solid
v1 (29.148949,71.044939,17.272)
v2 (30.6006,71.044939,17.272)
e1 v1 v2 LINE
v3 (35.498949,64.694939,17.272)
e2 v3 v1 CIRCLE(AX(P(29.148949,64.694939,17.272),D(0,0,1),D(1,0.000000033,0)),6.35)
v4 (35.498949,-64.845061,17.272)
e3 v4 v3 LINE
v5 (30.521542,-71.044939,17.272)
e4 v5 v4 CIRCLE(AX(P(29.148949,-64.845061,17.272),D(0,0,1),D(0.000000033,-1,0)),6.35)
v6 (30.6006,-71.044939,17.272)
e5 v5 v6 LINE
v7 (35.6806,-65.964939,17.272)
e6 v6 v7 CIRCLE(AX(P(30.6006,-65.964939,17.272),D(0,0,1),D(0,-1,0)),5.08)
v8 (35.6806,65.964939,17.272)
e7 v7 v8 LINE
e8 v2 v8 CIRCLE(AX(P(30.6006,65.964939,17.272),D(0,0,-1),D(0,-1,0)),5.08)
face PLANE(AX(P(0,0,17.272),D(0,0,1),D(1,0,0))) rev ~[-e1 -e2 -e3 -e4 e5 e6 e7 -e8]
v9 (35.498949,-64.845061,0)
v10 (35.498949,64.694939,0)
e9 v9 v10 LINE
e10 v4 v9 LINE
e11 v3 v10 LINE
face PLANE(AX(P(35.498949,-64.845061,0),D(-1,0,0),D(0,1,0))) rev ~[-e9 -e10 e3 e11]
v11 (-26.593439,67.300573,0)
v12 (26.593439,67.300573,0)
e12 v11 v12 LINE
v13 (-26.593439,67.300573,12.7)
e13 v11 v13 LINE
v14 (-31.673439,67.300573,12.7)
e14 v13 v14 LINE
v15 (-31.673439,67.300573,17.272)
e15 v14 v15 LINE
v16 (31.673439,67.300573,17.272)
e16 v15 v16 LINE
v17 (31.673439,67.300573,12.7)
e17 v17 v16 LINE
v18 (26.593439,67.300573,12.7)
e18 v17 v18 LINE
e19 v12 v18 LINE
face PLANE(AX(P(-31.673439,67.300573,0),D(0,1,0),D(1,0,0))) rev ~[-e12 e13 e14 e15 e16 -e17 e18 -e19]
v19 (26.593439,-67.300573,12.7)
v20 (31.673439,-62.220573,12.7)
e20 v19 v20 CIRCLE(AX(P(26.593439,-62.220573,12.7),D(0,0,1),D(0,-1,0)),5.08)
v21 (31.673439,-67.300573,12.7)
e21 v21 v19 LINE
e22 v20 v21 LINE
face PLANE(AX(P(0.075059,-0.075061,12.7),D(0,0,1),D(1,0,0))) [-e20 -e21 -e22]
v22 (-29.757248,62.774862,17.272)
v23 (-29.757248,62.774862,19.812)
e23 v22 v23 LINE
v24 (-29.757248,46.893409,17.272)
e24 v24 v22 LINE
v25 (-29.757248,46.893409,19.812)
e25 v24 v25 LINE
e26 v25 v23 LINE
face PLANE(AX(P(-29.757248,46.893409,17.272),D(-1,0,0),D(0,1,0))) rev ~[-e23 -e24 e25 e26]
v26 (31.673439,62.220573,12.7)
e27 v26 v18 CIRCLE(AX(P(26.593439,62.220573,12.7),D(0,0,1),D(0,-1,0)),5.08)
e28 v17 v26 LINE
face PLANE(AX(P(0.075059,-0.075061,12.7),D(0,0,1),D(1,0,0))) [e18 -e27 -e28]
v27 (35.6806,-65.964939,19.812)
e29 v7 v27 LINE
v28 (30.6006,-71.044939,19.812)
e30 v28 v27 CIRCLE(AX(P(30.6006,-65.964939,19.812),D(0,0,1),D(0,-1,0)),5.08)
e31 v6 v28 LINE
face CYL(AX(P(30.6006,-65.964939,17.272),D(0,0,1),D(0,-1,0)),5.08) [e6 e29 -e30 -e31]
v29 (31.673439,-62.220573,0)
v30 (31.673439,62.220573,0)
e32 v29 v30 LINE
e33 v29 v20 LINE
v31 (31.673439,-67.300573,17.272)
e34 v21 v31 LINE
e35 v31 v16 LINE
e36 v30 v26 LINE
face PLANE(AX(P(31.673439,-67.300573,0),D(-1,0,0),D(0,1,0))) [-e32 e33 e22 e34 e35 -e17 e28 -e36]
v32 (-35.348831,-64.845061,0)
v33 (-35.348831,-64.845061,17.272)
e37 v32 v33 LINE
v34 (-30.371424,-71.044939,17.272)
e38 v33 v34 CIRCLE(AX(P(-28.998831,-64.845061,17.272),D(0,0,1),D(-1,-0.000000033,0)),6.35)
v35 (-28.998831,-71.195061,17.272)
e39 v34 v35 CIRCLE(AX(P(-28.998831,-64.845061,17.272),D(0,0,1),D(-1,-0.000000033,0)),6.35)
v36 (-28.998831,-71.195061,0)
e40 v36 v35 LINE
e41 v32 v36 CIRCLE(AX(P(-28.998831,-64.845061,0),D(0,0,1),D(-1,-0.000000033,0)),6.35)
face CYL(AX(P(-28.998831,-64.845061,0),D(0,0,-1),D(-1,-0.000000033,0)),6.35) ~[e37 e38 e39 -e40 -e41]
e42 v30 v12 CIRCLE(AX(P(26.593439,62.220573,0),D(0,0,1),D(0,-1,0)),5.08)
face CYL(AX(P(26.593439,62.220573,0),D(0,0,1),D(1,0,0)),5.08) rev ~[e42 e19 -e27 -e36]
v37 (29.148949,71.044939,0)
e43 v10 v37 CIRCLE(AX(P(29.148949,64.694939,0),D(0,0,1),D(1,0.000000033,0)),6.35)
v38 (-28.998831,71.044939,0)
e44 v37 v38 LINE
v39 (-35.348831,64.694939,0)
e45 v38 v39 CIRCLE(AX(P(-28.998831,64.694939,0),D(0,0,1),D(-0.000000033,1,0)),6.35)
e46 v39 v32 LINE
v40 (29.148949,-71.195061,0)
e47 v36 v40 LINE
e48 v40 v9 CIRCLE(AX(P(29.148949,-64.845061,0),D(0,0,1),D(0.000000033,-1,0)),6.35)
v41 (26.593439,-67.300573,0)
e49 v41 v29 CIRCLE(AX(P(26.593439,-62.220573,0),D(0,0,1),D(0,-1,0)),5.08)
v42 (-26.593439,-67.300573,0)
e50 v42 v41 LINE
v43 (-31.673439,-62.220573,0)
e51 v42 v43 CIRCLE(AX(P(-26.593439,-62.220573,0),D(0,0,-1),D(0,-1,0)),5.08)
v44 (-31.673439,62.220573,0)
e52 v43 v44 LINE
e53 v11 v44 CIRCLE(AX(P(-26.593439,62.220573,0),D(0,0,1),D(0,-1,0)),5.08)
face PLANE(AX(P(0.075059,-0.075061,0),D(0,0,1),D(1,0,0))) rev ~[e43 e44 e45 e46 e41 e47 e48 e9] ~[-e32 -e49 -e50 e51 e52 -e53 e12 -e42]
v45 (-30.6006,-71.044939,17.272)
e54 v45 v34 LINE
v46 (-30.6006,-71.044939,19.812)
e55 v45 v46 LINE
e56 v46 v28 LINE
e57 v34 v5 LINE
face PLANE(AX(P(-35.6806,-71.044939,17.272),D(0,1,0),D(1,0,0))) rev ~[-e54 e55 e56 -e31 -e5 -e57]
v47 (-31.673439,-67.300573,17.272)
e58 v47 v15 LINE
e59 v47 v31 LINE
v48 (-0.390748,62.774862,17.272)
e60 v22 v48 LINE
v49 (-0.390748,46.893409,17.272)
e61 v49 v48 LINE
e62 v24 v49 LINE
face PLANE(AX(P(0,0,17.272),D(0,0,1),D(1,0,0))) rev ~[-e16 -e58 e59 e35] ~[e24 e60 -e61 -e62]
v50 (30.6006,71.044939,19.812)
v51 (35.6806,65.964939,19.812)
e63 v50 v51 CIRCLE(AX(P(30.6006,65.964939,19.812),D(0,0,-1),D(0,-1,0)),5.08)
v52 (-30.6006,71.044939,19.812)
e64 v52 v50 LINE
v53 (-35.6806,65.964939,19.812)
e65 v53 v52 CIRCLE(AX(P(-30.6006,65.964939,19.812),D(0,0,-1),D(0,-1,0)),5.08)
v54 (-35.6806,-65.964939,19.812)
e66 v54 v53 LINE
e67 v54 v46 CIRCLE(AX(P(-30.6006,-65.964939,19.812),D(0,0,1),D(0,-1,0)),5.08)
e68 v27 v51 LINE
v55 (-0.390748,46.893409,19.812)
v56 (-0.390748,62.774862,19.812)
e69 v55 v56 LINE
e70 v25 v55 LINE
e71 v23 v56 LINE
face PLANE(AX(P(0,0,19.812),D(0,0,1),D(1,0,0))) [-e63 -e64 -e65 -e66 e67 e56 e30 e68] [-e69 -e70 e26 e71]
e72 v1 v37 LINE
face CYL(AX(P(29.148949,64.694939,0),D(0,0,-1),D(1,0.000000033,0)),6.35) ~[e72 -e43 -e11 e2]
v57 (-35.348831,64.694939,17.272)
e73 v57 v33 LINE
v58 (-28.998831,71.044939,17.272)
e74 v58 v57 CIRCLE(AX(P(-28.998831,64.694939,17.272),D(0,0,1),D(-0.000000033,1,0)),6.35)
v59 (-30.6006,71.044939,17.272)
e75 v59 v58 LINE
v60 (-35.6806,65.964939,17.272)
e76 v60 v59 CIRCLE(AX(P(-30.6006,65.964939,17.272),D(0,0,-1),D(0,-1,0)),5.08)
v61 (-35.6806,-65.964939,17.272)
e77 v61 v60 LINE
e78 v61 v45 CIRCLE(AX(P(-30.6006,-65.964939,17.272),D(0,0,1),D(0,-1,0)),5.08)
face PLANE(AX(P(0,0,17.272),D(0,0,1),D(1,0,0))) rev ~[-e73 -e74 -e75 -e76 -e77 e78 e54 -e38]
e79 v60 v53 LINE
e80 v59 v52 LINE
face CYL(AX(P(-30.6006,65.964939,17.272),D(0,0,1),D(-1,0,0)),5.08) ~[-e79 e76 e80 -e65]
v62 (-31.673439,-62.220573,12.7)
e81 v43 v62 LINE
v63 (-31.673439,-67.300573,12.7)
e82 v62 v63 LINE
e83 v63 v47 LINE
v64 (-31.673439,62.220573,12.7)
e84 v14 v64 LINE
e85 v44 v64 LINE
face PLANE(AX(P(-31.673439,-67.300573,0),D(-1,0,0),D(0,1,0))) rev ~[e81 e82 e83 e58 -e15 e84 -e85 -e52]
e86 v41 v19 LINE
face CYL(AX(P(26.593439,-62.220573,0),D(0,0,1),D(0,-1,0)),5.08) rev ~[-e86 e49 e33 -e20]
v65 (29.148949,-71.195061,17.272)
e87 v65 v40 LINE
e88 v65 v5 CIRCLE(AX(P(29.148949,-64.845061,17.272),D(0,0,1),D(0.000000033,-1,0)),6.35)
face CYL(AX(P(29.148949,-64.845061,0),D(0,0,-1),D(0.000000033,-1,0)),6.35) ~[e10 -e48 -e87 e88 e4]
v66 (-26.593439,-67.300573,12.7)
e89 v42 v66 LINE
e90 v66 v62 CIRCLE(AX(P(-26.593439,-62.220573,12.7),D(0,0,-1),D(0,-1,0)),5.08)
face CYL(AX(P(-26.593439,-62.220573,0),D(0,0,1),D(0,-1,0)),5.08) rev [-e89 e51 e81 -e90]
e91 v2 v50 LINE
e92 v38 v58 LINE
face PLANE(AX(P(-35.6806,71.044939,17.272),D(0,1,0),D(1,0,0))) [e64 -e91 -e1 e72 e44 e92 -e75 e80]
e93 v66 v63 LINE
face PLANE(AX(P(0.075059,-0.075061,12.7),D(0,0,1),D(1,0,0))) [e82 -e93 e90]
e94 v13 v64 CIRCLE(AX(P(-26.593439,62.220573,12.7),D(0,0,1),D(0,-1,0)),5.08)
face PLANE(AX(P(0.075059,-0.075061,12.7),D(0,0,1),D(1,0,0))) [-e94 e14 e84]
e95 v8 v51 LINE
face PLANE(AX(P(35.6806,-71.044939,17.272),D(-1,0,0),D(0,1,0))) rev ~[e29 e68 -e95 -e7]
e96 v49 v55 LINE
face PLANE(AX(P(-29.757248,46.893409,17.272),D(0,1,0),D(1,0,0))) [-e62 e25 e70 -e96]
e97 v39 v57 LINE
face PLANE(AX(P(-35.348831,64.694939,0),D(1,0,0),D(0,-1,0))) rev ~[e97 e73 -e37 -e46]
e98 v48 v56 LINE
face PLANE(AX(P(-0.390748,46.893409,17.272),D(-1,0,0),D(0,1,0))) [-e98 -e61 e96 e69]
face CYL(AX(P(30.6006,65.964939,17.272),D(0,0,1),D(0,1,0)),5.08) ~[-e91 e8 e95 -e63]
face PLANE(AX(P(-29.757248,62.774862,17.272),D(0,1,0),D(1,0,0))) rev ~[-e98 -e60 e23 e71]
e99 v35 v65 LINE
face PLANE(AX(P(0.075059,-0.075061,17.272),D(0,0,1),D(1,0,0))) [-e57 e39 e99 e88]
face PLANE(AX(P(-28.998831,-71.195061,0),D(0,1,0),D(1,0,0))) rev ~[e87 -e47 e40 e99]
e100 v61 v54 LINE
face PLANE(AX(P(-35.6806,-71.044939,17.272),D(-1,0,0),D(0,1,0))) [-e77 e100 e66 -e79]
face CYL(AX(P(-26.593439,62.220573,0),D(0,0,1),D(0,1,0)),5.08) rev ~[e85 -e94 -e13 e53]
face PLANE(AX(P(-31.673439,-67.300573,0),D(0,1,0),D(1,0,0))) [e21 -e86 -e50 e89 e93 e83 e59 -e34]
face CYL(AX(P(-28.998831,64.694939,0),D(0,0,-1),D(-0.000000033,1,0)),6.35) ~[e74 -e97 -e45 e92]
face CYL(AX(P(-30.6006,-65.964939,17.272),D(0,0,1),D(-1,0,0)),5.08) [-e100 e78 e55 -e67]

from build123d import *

# Parameters (mm, degrees)
F0_W     = 63.346878
F0_H     = 134.601146
F1_DEPTH = 12.7
F2_R     = 5.08
F3_DEPTH = 17.272
F4_W     = 71.3612
F4_H     = 142.089878
F4_W_2   = 29.3665
F4_H_2   = 15.881453
F5_DEPTH = 2.54
F6_R     = 5.08


with BuildPart() as f1:
    # F0 (on Top) → F1 (new body)
    with BuildSketch(Plane.XY):
        with BuildLine():
            Line((29.148949, 71.044939), (-28.998831, 71.044939))
            ThreePointArc((-28.998831, 71.044939), (-33.488959, 69.185067), (-35.348831, 64.694939))
            Line((-35.348831, 64.694939), (-35.348831, -64.845061))
            ThreePointArc((-35.348831, -64.845061), (-33.488959, -69.335189), (-28.998831, -71.195061))
            Line((-28.998831, -71.195061), (29.148949, -71.195061))
            ThreePointArc((29.148949, -71.195061), (33.639077, -69.335189), (35.498949, -64.845061))
            Line((35.498949, -64.845061), (35.498949, 64.694939))
            ThreePointArc((35.498949, 64.694939), (33.639077, 69.185067), (29.148949, 71.044939))
        make_face()
        Rectangle(F0_W, F0_H, mode=Mode.SUBTRACT)
    extrude(amount=F1_DEPTH)

    # F2
    f2_edges = [f1.edges().sort_by_distance(p)[0] for p in [
        (-31.673439, 67.300573, 6.35),
        (31.673439, 67.300573, 6.35),
        (31.673439, -67.300573, 6.35),
        (-31.673439, -67.300573, 6.35),
    ]]
    fillet(f2_edges, radius=F2_R)

    # F0 (on Top) → F3 (join)
    with BuildSketch(Plane.XY):
        with BuildLine():
            Line((29.148949, 71.044939), (-28.998831, 71.044939))
            ThreePointArc((-28.998831, 71.044939), (-33.488959, 69.185067), (-35.348831, 64.694939))
            Line((-35.348831, 64.694939), (-35.348831, -64.845061))
            ThreePointArc((-35.348831, -64.845061), (-33.488959, -69.335189), (-28.998831, -71.195061))
            Line((-28.998831, -71.195061), (29.148949, -71.195061))
            ThreePointArc((29.148949, -71.195061), (33.639077, -69.335189), (35.498949, -64.845061))
            Line((35.498949, -64.845061), (35.498949, 64.694939))
            ThreePointArc((35.498949, 64.694939), (33.639077, 69.185067), (29.148949, 71.044939))
        make_face()
        Rectangle(F0_W, F0_H, mode=Mode.SUBTRACT)
    extrude(amount=F3_DEPTH)

    # F4 (on face) → F5 (join)
    with BuildSketch(Plane.XY.offset(17.272)):
        Rectangle(F4_W, F4_H)
        with Locations((-15.073998, 54.834136)):
            Rectangle(F4_W_2, F4_H_2, mode=Mode.SUBTRACT)
    extrude(amount=F5_DEPTH)

    # F6
    f6_edges = [f1.edges().sort_by_distance(p)[0] for p in [
        (-35.6806, 71.044939, 18.542),
        (35.6806, 71.044939, 18.542),
        (35.6806, -71.044939, 18.542),
        (-35.6806, -71.044939, 18.542),
    ]]
    fillet(f6_edges, radius=F6_R)


solid = f1.part
